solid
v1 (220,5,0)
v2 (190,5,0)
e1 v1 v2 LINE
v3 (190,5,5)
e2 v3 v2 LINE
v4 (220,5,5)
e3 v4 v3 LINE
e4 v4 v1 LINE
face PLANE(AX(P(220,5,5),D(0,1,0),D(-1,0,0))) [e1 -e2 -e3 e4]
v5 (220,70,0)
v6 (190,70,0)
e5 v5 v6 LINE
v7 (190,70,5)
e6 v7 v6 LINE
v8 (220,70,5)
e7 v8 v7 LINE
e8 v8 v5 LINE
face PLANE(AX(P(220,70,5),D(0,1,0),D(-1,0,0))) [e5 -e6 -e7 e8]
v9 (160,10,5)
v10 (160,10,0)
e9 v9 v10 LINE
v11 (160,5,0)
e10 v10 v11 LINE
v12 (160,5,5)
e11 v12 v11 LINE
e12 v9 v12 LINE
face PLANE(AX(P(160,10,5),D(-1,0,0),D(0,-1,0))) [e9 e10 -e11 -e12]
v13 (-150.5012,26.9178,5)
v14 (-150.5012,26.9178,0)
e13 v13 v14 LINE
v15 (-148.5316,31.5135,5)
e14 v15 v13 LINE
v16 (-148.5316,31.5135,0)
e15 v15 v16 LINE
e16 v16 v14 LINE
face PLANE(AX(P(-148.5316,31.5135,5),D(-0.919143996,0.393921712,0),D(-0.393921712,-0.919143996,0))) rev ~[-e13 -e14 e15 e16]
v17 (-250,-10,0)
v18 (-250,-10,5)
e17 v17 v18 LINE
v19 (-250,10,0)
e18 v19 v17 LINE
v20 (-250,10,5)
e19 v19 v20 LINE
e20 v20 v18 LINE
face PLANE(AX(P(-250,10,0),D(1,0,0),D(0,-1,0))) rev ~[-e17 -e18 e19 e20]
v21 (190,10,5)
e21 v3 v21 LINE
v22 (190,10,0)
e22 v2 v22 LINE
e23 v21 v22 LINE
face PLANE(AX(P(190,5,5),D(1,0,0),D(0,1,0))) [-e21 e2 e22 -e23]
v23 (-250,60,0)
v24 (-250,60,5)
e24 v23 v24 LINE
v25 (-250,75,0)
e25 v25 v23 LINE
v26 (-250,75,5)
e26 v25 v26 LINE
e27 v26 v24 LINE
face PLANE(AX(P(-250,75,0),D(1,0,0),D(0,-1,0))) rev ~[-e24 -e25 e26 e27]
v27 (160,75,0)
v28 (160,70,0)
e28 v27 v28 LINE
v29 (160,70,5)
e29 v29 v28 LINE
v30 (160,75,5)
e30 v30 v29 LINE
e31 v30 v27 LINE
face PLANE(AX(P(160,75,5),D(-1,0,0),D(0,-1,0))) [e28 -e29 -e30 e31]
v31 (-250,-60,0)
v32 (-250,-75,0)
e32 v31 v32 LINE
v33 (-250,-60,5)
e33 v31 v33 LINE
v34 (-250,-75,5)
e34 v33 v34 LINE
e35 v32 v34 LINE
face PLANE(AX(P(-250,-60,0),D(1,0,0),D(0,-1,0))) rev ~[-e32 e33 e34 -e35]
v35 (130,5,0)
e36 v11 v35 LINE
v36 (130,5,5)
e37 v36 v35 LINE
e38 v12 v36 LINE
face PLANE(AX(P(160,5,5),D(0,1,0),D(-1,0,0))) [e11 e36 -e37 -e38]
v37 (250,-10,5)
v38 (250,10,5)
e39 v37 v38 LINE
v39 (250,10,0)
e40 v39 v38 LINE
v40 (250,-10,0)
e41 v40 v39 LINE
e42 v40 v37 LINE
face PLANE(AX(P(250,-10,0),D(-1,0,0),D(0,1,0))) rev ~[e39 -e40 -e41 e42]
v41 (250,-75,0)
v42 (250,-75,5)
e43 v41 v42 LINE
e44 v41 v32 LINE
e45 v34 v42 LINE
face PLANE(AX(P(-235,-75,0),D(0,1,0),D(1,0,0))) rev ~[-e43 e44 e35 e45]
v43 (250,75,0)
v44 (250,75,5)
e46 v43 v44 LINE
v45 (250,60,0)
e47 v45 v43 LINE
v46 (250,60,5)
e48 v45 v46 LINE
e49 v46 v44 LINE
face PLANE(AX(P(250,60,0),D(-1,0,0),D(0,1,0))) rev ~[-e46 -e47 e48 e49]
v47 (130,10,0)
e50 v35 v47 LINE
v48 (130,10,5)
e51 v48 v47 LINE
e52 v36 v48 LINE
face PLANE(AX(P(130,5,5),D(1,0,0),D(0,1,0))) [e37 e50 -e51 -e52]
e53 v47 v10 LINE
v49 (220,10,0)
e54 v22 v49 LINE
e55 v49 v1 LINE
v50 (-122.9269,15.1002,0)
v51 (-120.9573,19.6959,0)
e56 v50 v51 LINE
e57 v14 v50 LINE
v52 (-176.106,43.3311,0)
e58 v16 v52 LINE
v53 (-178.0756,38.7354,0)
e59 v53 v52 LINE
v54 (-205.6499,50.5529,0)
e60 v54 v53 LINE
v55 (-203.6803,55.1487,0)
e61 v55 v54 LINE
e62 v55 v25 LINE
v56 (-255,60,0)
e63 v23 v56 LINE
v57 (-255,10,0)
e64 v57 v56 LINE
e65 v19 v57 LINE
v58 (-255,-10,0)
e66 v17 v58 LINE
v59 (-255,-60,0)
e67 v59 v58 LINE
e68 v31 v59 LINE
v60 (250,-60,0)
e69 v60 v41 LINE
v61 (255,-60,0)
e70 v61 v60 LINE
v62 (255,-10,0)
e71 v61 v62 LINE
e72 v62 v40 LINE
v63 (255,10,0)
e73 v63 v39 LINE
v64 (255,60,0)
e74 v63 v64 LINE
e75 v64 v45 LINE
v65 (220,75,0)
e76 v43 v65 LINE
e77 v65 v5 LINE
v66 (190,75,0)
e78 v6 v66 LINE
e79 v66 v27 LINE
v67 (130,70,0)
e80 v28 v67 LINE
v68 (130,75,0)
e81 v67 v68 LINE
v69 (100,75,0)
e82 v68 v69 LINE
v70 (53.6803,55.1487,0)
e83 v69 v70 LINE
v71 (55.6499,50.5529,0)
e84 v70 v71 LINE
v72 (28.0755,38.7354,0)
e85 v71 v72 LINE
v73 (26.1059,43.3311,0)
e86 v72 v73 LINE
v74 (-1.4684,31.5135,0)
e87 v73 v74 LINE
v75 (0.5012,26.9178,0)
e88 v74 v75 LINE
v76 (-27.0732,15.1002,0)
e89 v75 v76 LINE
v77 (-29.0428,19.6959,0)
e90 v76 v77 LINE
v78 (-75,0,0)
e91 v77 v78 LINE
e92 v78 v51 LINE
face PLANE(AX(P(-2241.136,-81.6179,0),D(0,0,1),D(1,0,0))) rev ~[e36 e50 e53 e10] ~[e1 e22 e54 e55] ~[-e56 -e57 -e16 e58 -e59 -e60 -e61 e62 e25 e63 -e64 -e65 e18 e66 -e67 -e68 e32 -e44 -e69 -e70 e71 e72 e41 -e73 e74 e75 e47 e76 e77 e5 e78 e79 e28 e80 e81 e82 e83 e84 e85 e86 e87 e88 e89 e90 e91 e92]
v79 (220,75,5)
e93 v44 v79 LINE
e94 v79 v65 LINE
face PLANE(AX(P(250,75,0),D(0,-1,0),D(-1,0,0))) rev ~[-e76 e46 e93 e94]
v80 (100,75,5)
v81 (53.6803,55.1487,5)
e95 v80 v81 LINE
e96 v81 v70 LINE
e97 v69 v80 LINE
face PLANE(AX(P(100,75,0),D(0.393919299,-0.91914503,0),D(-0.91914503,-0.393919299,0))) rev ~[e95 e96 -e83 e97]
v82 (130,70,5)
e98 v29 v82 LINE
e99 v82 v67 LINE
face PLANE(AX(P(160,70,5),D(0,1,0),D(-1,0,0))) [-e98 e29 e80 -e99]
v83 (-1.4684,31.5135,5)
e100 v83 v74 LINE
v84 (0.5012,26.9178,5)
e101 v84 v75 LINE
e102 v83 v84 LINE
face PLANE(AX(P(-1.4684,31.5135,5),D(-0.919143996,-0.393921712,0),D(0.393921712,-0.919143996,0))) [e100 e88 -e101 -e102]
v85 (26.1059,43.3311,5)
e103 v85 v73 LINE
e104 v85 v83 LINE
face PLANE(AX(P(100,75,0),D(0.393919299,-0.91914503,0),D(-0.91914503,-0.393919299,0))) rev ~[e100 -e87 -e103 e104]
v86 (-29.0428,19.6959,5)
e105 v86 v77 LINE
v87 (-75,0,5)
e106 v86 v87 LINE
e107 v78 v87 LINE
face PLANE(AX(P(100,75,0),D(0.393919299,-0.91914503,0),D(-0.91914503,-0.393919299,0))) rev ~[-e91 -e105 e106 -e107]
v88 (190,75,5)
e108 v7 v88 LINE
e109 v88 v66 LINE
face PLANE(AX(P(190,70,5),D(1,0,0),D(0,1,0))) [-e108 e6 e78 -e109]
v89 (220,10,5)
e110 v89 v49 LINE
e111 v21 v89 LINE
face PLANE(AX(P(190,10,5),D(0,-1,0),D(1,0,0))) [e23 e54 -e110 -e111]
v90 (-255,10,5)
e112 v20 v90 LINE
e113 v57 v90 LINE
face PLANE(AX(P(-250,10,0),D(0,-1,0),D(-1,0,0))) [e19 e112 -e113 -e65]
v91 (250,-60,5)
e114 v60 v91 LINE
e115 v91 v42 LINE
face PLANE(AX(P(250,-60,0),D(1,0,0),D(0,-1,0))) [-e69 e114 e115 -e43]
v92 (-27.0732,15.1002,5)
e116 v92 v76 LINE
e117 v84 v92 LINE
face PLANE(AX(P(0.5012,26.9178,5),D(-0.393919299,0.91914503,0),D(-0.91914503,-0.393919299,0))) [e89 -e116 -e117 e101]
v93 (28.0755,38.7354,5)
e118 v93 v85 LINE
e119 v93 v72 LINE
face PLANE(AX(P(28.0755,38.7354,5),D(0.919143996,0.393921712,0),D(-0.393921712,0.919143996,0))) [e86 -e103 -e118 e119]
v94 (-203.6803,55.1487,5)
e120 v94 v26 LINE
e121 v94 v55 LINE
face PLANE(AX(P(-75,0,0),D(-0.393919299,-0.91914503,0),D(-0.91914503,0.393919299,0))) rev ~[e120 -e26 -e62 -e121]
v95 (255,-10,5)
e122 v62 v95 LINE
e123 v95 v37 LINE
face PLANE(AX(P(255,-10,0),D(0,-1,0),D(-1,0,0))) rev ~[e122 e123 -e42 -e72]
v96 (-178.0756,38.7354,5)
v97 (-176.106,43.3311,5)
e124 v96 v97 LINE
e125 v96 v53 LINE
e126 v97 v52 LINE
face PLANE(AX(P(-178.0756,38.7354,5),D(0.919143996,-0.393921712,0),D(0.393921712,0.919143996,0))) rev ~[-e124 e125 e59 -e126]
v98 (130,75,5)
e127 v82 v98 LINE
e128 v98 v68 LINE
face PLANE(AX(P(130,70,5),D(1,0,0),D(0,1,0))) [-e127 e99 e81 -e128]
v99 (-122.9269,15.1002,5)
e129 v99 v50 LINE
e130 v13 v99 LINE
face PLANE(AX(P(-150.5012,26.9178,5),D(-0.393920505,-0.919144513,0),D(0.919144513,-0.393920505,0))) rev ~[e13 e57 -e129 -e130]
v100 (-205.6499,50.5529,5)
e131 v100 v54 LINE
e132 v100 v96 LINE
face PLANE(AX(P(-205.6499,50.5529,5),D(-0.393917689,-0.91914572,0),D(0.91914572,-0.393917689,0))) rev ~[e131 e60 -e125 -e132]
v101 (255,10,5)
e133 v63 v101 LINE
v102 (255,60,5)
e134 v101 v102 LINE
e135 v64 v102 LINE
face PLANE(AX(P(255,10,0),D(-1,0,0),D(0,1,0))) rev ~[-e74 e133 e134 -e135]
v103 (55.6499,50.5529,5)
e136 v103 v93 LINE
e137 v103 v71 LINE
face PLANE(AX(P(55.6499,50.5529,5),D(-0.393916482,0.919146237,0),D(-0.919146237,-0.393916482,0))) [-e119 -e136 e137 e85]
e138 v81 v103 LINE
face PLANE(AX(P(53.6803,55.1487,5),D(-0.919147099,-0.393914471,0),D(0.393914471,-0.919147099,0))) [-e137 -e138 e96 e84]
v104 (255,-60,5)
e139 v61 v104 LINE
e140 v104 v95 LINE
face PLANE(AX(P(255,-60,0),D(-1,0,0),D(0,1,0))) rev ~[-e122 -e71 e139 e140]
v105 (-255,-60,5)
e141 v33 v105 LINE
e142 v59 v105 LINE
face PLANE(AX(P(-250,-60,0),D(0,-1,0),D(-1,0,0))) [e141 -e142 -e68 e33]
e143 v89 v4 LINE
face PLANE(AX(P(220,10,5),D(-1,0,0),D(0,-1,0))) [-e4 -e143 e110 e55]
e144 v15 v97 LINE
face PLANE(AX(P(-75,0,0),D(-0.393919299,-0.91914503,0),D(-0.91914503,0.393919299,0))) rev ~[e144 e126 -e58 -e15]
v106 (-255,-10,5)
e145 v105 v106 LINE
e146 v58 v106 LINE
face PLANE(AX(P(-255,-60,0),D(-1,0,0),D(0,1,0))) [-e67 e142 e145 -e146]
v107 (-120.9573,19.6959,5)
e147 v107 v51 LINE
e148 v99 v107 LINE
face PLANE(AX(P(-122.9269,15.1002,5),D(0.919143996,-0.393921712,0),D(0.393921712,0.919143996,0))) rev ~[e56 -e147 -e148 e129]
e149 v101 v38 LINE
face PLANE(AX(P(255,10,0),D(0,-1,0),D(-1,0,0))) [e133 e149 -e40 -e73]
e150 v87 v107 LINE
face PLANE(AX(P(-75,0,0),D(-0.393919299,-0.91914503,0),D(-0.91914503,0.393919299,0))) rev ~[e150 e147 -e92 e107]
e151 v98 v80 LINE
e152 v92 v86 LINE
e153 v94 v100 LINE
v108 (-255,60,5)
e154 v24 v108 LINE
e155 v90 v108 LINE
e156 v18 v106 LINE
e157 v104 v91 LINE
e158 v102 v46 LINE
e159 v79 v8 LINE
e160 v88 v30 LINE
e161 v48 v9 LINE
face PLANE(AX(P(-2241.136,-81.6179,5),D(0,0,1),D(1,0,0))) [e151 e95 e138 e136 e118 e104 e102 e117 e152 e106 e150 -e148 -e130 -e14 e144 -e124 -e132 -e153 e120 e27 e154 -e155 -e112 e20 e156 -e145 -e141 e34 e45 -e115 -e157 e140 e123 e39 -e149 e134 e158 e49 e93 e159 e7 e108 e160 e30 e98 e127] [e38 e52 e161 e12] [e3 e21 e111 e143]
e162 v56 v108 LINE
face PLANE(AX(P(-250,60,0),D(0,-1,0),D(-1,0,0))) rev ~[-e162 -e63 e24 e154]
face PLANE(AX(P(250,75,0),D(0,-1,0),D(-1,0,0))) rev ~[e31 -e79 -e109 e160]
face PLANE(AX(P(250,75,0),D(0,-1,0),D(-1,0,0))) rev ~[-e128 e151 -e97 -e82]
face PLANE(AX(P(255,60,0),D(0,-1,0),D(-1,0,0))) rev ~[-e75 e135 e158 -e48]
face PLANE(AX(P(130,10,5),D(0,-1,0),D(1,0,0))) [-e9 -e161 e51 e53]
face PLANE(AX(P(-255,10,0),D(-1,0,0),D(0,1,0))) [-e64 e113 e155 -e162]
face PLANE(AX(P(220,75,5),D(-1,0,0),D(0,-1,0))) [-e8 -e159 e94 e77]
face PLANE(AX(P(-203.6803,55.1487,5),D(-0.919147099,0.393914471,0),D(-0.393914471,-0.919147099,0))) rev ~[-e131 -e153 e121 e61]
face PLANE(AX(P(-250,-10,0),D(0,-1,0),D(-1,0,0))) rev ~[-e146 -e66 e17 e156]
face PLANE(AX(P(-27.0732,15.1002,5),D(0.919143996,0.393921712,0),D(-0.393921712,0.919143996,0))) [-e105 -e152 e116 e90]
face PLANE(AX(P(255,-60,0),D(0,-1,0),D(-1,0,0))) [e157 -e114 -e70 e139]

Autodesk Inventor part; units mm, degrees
ref_plane "YZ Plane" through (0, 0, 0) normal (1, 0, 0) x (0, 1, 0)
ref_plane "XZ Plane" through (0, 0, 0) normal (0, 1, 0) x (-1, 0, 0)
ref_plane "XY Plane" through (0, 0, 0) normal (0, 0, 1) x (1, 0, 0)
ref_plane "Work Plane1" through (-2241.136, -81.6179, 0) normal (0, 0, 1) x (1, 0, 0)
sketch "Sketch1" plane through (-2241.136, -81.6179, 0) normal (0, 0, 1) x (1, 0, 0)
  line L0 (2006.136, 61.2134) -> (2006.136, 6.6179) projected
  line L1 (2006.136, 6.6179) -> (2476.136, 6.6179) projected
  line L2 (2476.136, 6.6179) -> (2476.136, 61.2134) projected
  line L3 (2476.136, 61.2134) -> (2491.136, 61.2134) projected
  line L4 (2491.136, 61.2134) -> (2491.136, 156.6179) projected
  line L5 (2491.136, 156.6179) -> (2341.136, 156.6179) projected
  line L6 (2341.136, 156.6179) -> (2166.136, 81.6179) projected
  line L7 (2166.136, 81.6179) -> (1991.136, 156.6179) projected
  line L8 (1991.136, 156.6179) -> (1991.136, 61.2134) projected
  line L9 (1991.136, 61.2134) -> (2006.136, 61.2134) projected
  line L10 (1991.136, 91.6179) -> (1991.136, 141.6179) projected
  line L11 (1991.136, 141.6179) -> (1986.136, 141.6179) projected
  line L12 (1986.136, 91.6179) -> (1986.136, 141.6179) projected
  line L13 (1991.136, 91.6179) -> (1986.136, 91.6179) projected
  line L14 (1991.136, 21.6179) -> (1991.136, 71.6179) projected
  line L15 (1991.136, 71.6179) -> (1986.136, 71.6179) projected
  line L16 (1986.136, 21.6179) -> (1986.136, 71.6179) projected
  line L17 (1991.136, 21.6179) -> (1986.136, 21.6179) projected
  line L18 (1986.136, 91.6179) -> (1991.136, 91.6179)
  line L19 (1991.136, 91.6179) -> (1991.136, 71.6179)
  line L20 (1991.136, 71.6179) -> (1986.136, 71.6179)
  line L21 (1986.136, 71.6179) -> (1986.136, 91.6179)
  line L22 (1991.136, 156.6179) -> (1986.136, 156.6179)
  line L23 (1986.136, 156.6179) -> (1986.136, 141.6179)
  line L24 (1986.136, 141.6179) -> (1991.136, 141.6179)
  line L25 (1991.136, 141.6179) -> (1991.136, 156.6179)
  line L26 (1986.136, 21.6179) -> (1991.136, 21.6179)
  line L27 (1991.136, 21.6179) -> (1991.136, 6.6179)
  line L28 (1991.136, 6.6179) -> (1986.136, 6.6179)
  line L29 (1986.136, 6.6179) -> (1986.136, 21.6179)
  line L30 (2006.136, 6.6179) -> (1991.136, 6.6179)
  line L31 (1991.136, 6.6179) -> (1991.136, 61.2134)
  line L32 (1991.136, 61.2134) -> (2006.136, 61.2134)
  line L33 (2006.136, 61.2134) -> (2006.136, 6.6179)
  line L34 (2496.136, 91.6179) -> (2496.136, 141.6179) projected
  line L35 (2496.136, 141.6179) -> (2491.136, 141.6179) projected
  line L36 (2491.136, 91.6179) -> (2491.136, 141.6179) projected
  line L37 (2496.136, 91.6179) -> (2491.136, 91.6179) projected
  line L38 (2496.136, 21.6179) -> (2496.136, 71.6179) projected
  line L39 (2496.136, 71.6179) -> (2491.136, 71.6179) projected
  line L40 (2491.136, 21.6179) -> (2491.136, 71.6179) projected
  line L41 (2496.136, 21.6179) -> (2491.136, 21.6179) projected
  line L42 (2491.136, 6.6179) -> (2476.136, 6.6179)
  line L43 (2476.136, 6.6179) -> (2476.136, 61.2134)
  line L44 (2476.136, 61.2134) -> (2491.136, 61.2134)
  line L45 (2491.136, 61.2134) -> (2491.136, 6.6179)
  point P0 (2241.136, 81.6179)
  point P1 (1991.136, 6.6179)
  point P2 (820.3787, 21.6179)
  point P3 (1320.3787, 21.6179)
  point P4 (820.3787, 20.4045)
  point P5 (1905.7573, 6.6179)
  point P6 (1305.3787, -34.1911)
  point P7 (820.3787, 21.6179)
  point P8 (2476.136, 6.6179)
extrude "Extrusion1" add sketch "Sketch1" along normal blind 5 contours L9 L8 L7 L6 L5 L4 L3 L2 L1 L0 | L0 L30 L27 L14 L9 | L14 L17 L16 L15 L8 | L2 L3 L40 L45 L42 | L13 L12 L11 L8 | L4 L39 L38 L41 L40 | L4 L35 L34 L37
sketch "Sketch2" plane through (-2241.136, -81.6179, 5) normal (0, 0, 1) x (1, 0, 0)
  line L0 (1991.136, 6.6179) -> (2491.136, 6.6179) projected
  line L1 (2491.136, 6.6179) -> (2491.136, 21.6179) projected
  line L2 (2491.136, 21.6179) -> (2496.136, 21.6179) projected
  line L3 (2496.136, 21.6179) -> (2496.136, 71.6179) projected
  line L4 (2496.136, 71.6179) -> (2491.136, 71.6179) projected
  line L5 (2491.136, 71.6179) -> (2491.136, 91.6179) projected
  line L6 (2491.136, 91.6179) -> (2496.136, 91.6179) projected
  line L7 (2496.136, 91.6179) -> (2496.136, 141.6179) projected
  line L8 (2496.136, 141.6179) -> (2491.136, 141.6179) projected
  line L9 (2491.136, 141.6179) -> (2491.136, 156.6179) projected
  line L10 (2491.136, 156.6179) -> (2341.136, 156.6179) projected
  line L11 (2341.136, 156.6179) -> (2166.136, 81.6179) projected
  line L12 (2166.136, 81.6179) -> (1991.136, 156.6179) projected
  line L13 (1991.136, 156.6179) -> (1991.136, 141.6179) projected
  line L14 (1991.136, 141.6179) -> (1986.136, 141.6179) projected
  line L15 (1986.136, 141.6179) -> (1986.136, 91.6179) projected
  line L16 (1986.136, 91.6179) -> (1991.136, 91.6179) projected
  line L17 (1991.136, 91.6179) -> (1991.136, 71.6179) projected
  line L18 (1991.136, 71.6179) -> (1986.136, 71.6179) projected
  line L19 (1986.136, 71.6179) -> (1986.136, 21.6179) projected
  line L20 (1986.136, 21.6179) -> (1991.136, 21.6179) projected
  line L21 (1991.136, 21.6179) -> (1991.136, 6.6179) projected
  line L22 (2371.136, 156.6179) -> (2401.136, 156.6179)
  line L23 (2401.136, 156.6179) -> (2401.136, 151.6179)
  line L24 (2401.136, 151.6179) -> (2371.136, 151.6179)
  line L25 (2371.136, 151.6179) -> (2371.136, 156.6179)
  line L26 (2431.136, 156.6179) -> (2461.136, 156.6179)
  line L27 (2461.136, 156.6179) -> (2461.136, 151.6179)
  line L28 (2461.136, 151.6179) -> (2431.136, 151.6179)
  line L29 (2431.136, 151.6179) -> (2431.136, 156.6179)
  line L30 (2166.136, 81.6179) -> (1991.136, 156.6179) projected
  line L31 (2037.4557, 136.7666) -> (2035.4861, 132.1708)
  line L32 (2035.4861, 132.1708) -> (2063.0604, 120.3533)
  line L33 (2063.0604, 120.3533) -> (2065.03, 124.949)
  line L34 (2092.6044, 113.1314) -> (2090.6348, 108.5357)
  line L35 (2090.6348, 108.5357) -> (2118.2091, 96.7181)
  line L36 (2118.2091, 96.7181) -> (2120.1787, 101.3138)
  line L37 (2166.136, 81.6179) -> (2166.136, 154.1179)
  line L38 (2294.8163, 136.7666) -> (2296.7859, 132.1708)
  line L39 (2296.7859, 132.1708) -> (2269.2115, 120.3533)
  line L40 (2269.2115, 120.3533) -> (2267.2419, 124.949)
  line L41 (2239.6676, 113.1314) -> (2241.6372, 108.5357)
  line L42 (2241.6372, 108.5357) -> (2214.0628, 96.7181)
  line L43 (2214.0628, 96.7181) -> (2212.0932, 101.3138)
  point P0 (2241.136, 81.6179)
  point P1 (2294.8163, 136.7666)
  point P2 (2267.2419, 124.949)
  point P3 (2239.6676, 113.1314)
  point P4 (2092.6044, 113.1314)
  point P5 (2037.4557, 136.7666)
  dimension "d2" = 30
  dimension "d3" = 5
  dimension "d4" = 30
  dimension "d5" = 5
  dimension "d6" = 30
  dimension "d7" = 30
  dimension "d10" = 30
  dimension "d11" = 5
  dimension "d12" = 30
  dimension "d13" = 5
  dimension "d14" = 30
  dimension "d15" = 50
extrude "Extrusion2" cut sketch "Sketch2" against normal blind 5 contours L12 L33 L32 L31 | L27 L28 L29 L10 | L12 L36 L35 L34 | L23 L24 L25 L10 | L11 L41 L42 L43 | L38 L39 L40 L11
sketch "Sketch3" plane through (-2241.136, -81.6179, 5) normal (0, 0, 1) x (1, 0, 0)
  point P0 (2241.136, 81.6179)
sketch "Sketch4" plane through (-2241.136, -81.6179, 5) normal (0, 0, 1) x (1, 0, 0)
  line L0 (2371.136, 91.6179) -> (2401.136, 91.6179)
  line L1 (2401.136, 91.6179) -> (2401.136, 86.6179)
  line L2 (2401.136, 86.6179) -> (2371.136, 86.6179)
  line L3 (2371.136, 86.6179) -> (2371.136, 91.6179)
  line L4 (2214.0628, 96.7181) -> (2212.0932, 101.3138) projected
  line L5 (2212.0932, 101.3138) -> (2166.136, 81.6179) projected
  line L6 (2166.136, 81.6179) -> (2120.1787, 101.3138) projected
  line L7 (2120.1787, 101.3138) -> (2118.2091, 96.7181) projected
  line L8 (2118.2091, 96.7181) -> (2090.6348, 108.5357) projected
  line L9 (2090.6348, 108.5357) -> (2092.6044, 113.1314) projected
  line L10 (2092.6044, 113.1314) -> (2065.03, 124.949) projected
  line L11 (2065.03, 124.949) -> (2063.0604, 120.3533) projected
  line L12 (2063.0604, 120.3533) -> (2035.4861, 132.1708) projected
  line L13 (2035.4861, 132.1708) -> (2037.4557, 136.7666) projected
  line L14 (2037.4557, 136.7666) -> (1991.136, 156.6179) projected
  line L15 (1991.136, 156.6179) -> (1991.136, 141.6179) projected
  line L16 (1991.136, 141.6179) -> (1986.136, 141.6179) projected
  line L17 (1986.136, 141.6179) -> (1986.136, 91.6179) projected
  line L18 (1986.136, 91.6179) -> (1991.136, 91.6179) projected
  line L19 (1991.136, 91.6179) -> (1991.136, 71.6179) projected
  line L20 (1991.136, 71.6179) -> (1986.136, 71.6179) projected
  line L21 (1986.136, 71.6179) -> (1986.136, 21.6179) projected
  line L22 (1986.136, 21.6179) -> (1991.136, 21.6179) projected
  line L23 (1991.136, 21.6179) -> (1991.136, 6.6179) projected
  line L24 (1991.136, 6.6179) -> (2491.136, 6.6179) projected
  line L25 (2491.136, 6.6179) -> (2491.136, 21.6179) projected
  line L26 (2491.136, 21.6179) -> (2496.136, 21.6179) projected
  line L27 (2496.136, 21.6179) -> (2496.136, 71.6179) projected
  line L28 (2496.136, 71.6179) -> (2491.136, 71.6179) projected
  line L29 (2491.136, 71.6179) -> (2491.136, 91.6179) projected
  line L30 (2491.136, 91.6179) -> (2496.136, 91.6179) projected
  line L31 (2496.136, 91.6179) -> (2496.136, 141.6179) projected
  line L32 (2496.136, 141.6179) -> (2491.136, 141.6179) projected
  line L33 (2491.136, 141.6179) -> (2491.136, 156.6179) projected
  line L34 (2491.136, 156.6179) -> (2461.136, 156.6179) projected
  line L35 (2461.136, 156.6179) -> (2461.136, 151.6179) projected
  line L36 (2461.136, 151.6179) -> (2431.136, 151.6179) projected
  line L37 (2431.136, 151.6179) -> (2431.136, 156.6179) projected
  line L38 (2431.136, 156.6179) -> (2401.136, 156.6179) projected
  line L39 (2401.136, 156.6179) -> (2401.136, 151.6179) projected
  line L40 (2401.136, 151.6179) -> (2371.136, 151.6179) projected
  line L41 (2371.136, 151.6179) -> (2371.136, 156.6179) projected
  line L42 (2371.136, 156.6179) -> (2341.136, 156.6179) projected
  line L43 (2341.136, 156.6179) -> (2294.8163, 136.7666) projected
  line L44 (2294.8163, 136.7666) -> (2296.7859, 132.1708) projected
  line L45 (2296.7859, 132.1708) -> (2269.2115, 120.3533) projected
  line L46 (2269.2115, 120.3533) -> (2267.2419, 124.949) projected
  line L47 (2267.2419, 124.949) -> (2239.6676, 113.1314) projected
  line L48 (2239.6676, 113.1314) -> (2241.6372, 108.5357) projected
  line L49 (2241.6372, 108.5357) -> (2214.0628, 96.7181) projected
  line L50 (2431.136, 91.6179) -> (2461.136, 91.6179)
  line L51 (2461.136, 91.6179) -> (2461.136, 86.6179)
  line L52 (2461.136, 86.6179) -> (2431.136, 86.6179)
  line L53 (2431.136, 86.6179) -> (2431.136, 91.6179)
  point P0 (2241.136, 81.6179)
  dimension "d16" = 30
  dimension "d17" = 5
  dimension "d18" = 80
  dimension "d19" = 30
  dimension "d20" = 5
  dimension "d21" = 30
  dimension "d22" = 30
extrude "Extrusion3" cut sketch "Sketch4" against normal blind 5 contours L0 L1 L2 L3 | L50 L51 L52 L53
properties part number "Frontal"
